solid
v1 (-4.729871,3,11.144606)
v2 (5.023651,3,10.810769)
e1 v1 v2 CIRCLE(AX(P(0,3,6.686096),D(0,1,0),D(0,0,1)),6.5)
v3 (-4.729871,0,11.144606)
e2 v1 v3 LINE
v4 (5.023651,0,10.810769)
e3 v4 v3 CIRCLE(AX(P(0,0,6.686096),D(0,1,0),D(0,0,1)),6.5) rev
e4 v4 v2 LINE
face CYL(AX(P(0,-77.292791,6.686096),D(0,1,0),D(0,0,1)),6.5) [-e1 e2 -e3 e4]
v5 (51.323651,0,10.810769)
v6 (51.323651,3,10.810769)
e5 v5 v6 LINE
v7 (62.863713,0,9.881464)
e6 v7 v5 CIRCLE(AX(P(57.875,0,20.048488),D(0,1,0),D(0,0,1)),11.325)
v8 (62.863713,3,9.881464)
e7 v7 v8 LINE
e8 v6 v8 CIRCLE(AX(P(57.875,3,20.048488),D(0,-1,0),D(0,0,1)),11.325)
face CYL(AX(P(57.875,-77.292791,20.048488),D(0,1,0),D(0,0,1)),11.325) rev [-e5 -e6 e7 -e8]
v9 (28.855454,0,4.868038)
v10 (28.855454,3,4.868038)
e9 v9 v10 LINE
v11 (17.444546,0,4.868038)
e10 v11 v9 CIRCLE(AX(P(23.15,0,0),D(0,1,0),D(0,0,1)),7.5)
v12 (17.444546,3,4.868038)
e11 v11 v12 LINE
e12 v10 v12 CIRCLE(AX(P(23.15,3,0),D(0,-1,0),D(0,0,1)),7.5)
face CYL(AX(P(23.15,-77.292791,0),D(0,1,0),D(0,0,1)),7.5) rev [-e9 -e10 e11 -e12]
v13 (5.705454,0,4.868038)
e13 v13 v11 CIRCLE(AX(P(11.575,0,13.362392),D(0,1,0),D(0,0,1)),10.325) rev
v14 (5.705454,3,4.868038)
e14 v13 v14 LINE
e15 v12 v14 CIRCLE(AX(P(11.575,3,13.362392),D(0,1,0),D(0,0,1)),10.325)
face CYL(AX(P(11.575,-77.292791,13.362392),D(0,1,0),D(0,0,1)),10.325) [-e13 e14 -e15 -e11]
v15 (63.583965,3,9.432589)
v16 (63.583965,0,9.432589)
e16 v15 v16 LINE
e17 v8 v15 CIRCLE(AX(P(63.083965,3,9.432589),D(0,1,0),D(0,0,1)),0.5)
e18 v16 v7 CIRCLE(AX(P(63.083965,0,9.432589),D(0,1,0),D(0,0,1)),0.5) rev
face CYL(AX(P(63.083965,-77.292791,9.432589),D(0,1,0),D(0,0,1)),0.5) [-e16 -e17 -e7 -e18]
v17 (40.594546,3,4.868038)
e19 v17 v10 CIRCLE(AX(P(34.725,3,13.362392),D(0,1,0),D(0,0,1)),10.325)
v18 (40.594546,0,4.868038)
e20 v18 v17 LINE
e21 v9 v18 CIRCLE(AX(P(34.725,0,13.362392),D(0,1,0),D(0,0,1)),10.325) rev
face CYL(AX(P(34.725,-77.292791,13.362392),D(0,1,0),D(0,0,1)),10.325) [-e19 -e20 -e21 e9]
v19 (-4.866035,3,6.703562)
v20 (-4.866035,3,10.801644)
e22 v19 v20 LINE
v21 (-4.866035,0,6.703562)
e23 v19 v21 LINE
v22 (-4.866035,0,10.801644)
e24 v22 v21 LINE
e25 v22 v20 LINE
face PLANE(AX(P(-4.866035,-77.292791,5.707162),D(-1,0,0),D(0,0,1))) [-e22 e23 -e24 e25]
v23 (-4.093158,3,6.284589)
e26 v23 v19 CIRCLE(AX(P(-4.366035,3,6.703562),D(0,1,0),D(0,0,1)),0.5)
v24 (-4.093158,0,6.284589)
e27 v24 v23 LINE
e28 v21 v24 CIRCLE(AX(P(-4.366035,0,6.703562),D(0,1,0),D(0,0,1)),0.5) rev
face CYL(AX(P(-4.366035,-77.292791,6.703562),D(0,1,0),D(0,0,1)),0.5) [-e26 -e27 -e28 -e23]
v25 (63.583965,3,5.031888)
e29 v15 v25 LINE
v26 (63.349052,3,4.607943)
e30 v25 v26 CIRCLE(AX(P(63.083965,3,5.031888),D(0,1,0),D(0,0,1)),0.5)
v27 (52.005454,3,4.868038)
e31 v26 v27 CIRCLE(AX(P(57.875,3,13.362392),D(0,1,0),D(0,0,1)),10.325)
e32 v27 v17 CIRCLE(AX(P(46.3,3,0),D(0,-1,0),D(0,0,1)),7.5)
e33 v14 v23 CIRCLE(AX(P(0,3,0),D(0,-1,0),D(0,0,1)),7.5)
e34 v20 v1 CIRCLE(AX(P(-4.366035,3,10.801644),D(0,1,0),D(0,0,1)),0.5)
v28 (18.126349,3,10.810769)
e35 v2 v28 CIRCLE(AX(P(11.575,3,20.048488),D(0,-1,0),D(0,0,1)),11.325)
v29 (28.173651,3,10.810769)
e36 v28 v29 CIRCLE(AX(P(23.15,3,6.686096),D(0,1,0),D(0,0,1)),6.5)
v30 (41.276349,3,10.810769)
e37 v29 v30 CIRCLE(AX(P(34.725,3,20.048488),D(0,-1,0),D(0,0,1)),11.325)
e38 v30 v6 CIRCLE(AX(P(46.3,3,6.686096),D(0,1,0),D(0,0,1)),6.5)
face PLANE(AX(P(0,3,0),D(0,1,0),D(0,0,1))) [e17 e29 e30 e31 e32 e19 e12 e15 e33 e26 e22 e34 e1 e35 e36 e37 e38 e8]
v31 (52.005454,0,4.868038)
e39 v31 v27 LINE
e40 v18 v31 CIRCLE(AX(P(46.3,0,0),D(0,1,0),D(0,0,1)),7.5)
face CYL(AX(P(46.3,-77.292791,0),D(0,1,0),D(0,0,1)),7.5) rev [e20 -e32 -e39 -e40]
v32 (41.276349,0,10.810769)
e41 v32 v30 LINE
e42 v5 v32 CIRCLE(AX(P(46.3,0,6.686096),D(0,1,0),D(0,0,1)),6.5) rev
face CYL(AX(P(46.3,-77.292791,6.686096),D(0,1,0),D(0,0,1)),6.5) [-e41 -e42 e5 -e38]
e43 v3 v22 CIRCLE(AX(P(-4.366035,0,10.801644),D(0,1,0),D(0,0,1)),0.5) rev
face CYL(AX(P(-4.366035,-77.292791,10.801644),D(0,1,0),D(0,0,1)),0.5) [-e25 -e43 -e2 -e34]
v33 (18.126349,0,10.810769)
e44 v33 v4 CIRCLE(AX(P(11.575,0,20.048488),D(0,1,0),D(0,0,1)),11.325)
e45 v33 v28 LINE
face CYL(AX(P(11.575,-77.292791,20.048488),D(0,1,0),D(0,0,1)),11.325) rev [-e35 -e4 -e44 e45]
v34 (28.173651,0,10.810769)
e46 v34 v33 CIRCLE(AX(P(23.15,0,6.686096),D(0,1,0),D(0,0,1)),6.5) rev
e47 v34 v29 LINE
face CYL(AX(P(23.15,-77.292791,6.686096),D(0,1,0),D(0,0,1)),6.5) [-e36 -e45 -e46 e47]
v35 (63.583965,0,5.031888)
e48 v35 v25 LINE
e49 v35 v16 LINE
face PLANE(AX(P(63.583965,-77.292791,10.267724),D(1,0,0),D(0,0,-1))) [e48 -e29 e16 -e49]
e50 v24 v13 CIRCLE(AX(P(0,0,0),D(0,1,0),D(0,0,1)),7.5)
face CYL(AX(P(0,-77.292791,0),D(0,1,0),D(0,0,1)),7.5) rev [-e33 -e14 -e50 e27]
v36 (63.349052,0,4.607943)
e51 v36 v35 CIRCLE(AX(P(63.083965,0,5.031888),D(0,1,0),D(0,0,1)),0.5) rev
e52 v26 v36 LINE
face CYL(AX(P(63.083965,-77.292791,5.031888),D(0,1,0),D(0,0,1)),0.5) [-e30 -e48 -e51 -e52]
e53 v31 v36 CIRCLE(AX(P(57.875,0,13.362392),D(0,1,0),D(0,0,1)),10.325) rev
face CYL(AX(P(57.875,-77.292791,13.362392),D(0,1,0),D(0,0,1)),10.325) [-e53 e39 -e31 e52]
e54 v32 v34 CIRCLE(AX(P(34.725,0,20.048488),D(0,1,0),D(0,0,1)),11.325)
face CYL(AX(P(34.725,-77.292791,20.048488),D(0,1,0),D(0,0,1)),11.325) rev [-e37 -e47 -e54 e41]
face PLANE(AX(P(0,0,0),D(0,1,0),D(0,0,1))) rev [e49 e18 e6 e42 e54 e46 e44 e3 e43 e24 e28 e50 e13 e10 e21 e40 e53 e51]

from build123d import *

# Parameters (mm, degrees)
BOSS_EXTRUDE1_DEPTH = 3
SKETCH2_W           = 75.494873271
SKETCH2_H           = 16.574066579
CUT_EXTRUDE1_DEPTH  = 3
FILLET1_R           = 0.5


with BuildPart() as part:
    # Sketch1 → Boss-Extrude1 (new body)
    with BuildSketch(Plane(origin=(0, 0, 0), x_dir=(1, 0, 0), z_dir=(0, 1, 0))):
        with BuildLine():
            ThreePointArc((51.666035076, -4.495071474), (57.875, -2.537392354), (64.083964924, -4.495071474))
            Line((64.083964924, -4.495071474), (64.083964924, -11.181167218))
            ThreePointArc((64.083964924, -11.181167218), (57.875, -9.223488098), (51.666035076, -11.181167218))
            ThreePointArc((51.666035076, -11.181167218), (46.3, -13.686095744), (40.933964924, -11.181167218))
            ThreePointArc((40.933964924, -11.181167218), (34.725, -9.223488098), (28.516035077, -11.181167218))
            ThreePointArc((28.516035077, -11.181167218), (23.15, -13.686095744), (17.783964924, -11.181167218))
            ThreePointArc((17.783964924, -11.181167218), (11.575, -9.223488098), (5.366035077, -11.181167218))
            ThreePointArc((5.366035077, -11.181167218), (0, -13.686095744), (-5.366035076, -11.181167218))
            Line((-5.366035076, -11.181167218), (-5.366035076, -4.495071474))
            ThreePointArc((-5.366035076, -4.495071474), (0, -7), (5.366035076, -4.495071474))
            ThreePointArc((5.366035076, -4.495071474), (11.575, -2.537392354), (17.783964924, -4.495071474))
            ThreePointArc((17.783964924, -4.495071474), (23.15, -7), (28.516035076, -4.495071474))
            ThreePointArc((28.516035076, -4.495071474), (34.725, -2.537392354), (40.933964924, -4.495071474))
            ThreePointArc((40.933964924, -4.495071474), (46.3, -7), (51.666035076, -4.495071474))
        make_face()
    extrude(amount=BOSS_EXTRUDE1_DEPTH)

    # Sketch2 → Cut-Extrude1 (cut)
    with BuildSketch(Plane(origin=(0, 3, 0), x_dir=(1, 0, 0), z_dir=(0, 1, 0))):
        with Locations((29.270514079, -6.984979931)):
            Rectangle(SKETCH2_W, SKETCH2_H)
        with BuildLine():
            Line((63.583964924, -10.267724094), (63.583964924, -4.759291488))
            ThreePointArc((63.583964924, -4.759291488), (57.778030808, -3.037847716), (52.005454008, -4.868038061))
            ThreePointArc((52.005454008, -4.868038061), (46.3, -7.5), (40.594545992, -4.868038061))
            ThreePointArc((40.594545992, -4.868038061), (34.725, -3.037392354), (28.855454008, -4.868038061))
            ThreePointArc((28.855454008, -4.868038061), (23.15, -7.5), (17.444545992, -4.868038061))
            ThreePointArc((17.444545992, -4.868038061), (11.575, -3.037392354), (5.705454008, -4.868038061))
            ThreePointArc((5.705454008, -4.868038061), (0.593454673, -7.476483903), (-4.866035076, -5.707162398))
            Line((-4.866035076, -5.707162398), (-4.866035076, -10.995585579))
            ThreePointArc((-4.866035076, -10.995585579), (0.121449449, -13.184961032), (5.023650974, -10.810769172))
            ThreePointArc((5.023650974, -10.810769172), (11.575, -8.723488098), (18.126349026, -10.810769172))
            ThreePointArc((18.126349026, -10.810769172), (23.15, -13.186095744), (28.173650974, -10.810769172))
            ThreePointArc((28.173650974, -10.810769172), (34.725, -8.723488098), (41.276349026, -10.810769172))
            ThreePointArc((41.276349026, -10.810769172), (46.3, -13.186095744), (51.323650974, -10.810769172))
            ThreePointArc((51.323650974, -10.810769172), (57.373874034, -8.734580825), (63.583964924, -10.267724094))
        make_face(mode=Mode.SUBTRACT)
    extrude(amount=-CUT_EXTRUDE1_DEPTH, mode=Mode.SUBTRACT)

    # Fillet1
    fillet1_edges = [part.edges().sort_by_distance(p)[0] for p in [
        (63.583964924, 1.5, 10.267724094),
        (63.583964924, 1.5, 4.759291488),
        (-4.866035076, 1.5, 5.707162398),
        (-4.866035076, 1.5, 10.995585579),
    ]]
    fillet(fillet1_edges, radius=FILLET1_R)


solid = part.part
